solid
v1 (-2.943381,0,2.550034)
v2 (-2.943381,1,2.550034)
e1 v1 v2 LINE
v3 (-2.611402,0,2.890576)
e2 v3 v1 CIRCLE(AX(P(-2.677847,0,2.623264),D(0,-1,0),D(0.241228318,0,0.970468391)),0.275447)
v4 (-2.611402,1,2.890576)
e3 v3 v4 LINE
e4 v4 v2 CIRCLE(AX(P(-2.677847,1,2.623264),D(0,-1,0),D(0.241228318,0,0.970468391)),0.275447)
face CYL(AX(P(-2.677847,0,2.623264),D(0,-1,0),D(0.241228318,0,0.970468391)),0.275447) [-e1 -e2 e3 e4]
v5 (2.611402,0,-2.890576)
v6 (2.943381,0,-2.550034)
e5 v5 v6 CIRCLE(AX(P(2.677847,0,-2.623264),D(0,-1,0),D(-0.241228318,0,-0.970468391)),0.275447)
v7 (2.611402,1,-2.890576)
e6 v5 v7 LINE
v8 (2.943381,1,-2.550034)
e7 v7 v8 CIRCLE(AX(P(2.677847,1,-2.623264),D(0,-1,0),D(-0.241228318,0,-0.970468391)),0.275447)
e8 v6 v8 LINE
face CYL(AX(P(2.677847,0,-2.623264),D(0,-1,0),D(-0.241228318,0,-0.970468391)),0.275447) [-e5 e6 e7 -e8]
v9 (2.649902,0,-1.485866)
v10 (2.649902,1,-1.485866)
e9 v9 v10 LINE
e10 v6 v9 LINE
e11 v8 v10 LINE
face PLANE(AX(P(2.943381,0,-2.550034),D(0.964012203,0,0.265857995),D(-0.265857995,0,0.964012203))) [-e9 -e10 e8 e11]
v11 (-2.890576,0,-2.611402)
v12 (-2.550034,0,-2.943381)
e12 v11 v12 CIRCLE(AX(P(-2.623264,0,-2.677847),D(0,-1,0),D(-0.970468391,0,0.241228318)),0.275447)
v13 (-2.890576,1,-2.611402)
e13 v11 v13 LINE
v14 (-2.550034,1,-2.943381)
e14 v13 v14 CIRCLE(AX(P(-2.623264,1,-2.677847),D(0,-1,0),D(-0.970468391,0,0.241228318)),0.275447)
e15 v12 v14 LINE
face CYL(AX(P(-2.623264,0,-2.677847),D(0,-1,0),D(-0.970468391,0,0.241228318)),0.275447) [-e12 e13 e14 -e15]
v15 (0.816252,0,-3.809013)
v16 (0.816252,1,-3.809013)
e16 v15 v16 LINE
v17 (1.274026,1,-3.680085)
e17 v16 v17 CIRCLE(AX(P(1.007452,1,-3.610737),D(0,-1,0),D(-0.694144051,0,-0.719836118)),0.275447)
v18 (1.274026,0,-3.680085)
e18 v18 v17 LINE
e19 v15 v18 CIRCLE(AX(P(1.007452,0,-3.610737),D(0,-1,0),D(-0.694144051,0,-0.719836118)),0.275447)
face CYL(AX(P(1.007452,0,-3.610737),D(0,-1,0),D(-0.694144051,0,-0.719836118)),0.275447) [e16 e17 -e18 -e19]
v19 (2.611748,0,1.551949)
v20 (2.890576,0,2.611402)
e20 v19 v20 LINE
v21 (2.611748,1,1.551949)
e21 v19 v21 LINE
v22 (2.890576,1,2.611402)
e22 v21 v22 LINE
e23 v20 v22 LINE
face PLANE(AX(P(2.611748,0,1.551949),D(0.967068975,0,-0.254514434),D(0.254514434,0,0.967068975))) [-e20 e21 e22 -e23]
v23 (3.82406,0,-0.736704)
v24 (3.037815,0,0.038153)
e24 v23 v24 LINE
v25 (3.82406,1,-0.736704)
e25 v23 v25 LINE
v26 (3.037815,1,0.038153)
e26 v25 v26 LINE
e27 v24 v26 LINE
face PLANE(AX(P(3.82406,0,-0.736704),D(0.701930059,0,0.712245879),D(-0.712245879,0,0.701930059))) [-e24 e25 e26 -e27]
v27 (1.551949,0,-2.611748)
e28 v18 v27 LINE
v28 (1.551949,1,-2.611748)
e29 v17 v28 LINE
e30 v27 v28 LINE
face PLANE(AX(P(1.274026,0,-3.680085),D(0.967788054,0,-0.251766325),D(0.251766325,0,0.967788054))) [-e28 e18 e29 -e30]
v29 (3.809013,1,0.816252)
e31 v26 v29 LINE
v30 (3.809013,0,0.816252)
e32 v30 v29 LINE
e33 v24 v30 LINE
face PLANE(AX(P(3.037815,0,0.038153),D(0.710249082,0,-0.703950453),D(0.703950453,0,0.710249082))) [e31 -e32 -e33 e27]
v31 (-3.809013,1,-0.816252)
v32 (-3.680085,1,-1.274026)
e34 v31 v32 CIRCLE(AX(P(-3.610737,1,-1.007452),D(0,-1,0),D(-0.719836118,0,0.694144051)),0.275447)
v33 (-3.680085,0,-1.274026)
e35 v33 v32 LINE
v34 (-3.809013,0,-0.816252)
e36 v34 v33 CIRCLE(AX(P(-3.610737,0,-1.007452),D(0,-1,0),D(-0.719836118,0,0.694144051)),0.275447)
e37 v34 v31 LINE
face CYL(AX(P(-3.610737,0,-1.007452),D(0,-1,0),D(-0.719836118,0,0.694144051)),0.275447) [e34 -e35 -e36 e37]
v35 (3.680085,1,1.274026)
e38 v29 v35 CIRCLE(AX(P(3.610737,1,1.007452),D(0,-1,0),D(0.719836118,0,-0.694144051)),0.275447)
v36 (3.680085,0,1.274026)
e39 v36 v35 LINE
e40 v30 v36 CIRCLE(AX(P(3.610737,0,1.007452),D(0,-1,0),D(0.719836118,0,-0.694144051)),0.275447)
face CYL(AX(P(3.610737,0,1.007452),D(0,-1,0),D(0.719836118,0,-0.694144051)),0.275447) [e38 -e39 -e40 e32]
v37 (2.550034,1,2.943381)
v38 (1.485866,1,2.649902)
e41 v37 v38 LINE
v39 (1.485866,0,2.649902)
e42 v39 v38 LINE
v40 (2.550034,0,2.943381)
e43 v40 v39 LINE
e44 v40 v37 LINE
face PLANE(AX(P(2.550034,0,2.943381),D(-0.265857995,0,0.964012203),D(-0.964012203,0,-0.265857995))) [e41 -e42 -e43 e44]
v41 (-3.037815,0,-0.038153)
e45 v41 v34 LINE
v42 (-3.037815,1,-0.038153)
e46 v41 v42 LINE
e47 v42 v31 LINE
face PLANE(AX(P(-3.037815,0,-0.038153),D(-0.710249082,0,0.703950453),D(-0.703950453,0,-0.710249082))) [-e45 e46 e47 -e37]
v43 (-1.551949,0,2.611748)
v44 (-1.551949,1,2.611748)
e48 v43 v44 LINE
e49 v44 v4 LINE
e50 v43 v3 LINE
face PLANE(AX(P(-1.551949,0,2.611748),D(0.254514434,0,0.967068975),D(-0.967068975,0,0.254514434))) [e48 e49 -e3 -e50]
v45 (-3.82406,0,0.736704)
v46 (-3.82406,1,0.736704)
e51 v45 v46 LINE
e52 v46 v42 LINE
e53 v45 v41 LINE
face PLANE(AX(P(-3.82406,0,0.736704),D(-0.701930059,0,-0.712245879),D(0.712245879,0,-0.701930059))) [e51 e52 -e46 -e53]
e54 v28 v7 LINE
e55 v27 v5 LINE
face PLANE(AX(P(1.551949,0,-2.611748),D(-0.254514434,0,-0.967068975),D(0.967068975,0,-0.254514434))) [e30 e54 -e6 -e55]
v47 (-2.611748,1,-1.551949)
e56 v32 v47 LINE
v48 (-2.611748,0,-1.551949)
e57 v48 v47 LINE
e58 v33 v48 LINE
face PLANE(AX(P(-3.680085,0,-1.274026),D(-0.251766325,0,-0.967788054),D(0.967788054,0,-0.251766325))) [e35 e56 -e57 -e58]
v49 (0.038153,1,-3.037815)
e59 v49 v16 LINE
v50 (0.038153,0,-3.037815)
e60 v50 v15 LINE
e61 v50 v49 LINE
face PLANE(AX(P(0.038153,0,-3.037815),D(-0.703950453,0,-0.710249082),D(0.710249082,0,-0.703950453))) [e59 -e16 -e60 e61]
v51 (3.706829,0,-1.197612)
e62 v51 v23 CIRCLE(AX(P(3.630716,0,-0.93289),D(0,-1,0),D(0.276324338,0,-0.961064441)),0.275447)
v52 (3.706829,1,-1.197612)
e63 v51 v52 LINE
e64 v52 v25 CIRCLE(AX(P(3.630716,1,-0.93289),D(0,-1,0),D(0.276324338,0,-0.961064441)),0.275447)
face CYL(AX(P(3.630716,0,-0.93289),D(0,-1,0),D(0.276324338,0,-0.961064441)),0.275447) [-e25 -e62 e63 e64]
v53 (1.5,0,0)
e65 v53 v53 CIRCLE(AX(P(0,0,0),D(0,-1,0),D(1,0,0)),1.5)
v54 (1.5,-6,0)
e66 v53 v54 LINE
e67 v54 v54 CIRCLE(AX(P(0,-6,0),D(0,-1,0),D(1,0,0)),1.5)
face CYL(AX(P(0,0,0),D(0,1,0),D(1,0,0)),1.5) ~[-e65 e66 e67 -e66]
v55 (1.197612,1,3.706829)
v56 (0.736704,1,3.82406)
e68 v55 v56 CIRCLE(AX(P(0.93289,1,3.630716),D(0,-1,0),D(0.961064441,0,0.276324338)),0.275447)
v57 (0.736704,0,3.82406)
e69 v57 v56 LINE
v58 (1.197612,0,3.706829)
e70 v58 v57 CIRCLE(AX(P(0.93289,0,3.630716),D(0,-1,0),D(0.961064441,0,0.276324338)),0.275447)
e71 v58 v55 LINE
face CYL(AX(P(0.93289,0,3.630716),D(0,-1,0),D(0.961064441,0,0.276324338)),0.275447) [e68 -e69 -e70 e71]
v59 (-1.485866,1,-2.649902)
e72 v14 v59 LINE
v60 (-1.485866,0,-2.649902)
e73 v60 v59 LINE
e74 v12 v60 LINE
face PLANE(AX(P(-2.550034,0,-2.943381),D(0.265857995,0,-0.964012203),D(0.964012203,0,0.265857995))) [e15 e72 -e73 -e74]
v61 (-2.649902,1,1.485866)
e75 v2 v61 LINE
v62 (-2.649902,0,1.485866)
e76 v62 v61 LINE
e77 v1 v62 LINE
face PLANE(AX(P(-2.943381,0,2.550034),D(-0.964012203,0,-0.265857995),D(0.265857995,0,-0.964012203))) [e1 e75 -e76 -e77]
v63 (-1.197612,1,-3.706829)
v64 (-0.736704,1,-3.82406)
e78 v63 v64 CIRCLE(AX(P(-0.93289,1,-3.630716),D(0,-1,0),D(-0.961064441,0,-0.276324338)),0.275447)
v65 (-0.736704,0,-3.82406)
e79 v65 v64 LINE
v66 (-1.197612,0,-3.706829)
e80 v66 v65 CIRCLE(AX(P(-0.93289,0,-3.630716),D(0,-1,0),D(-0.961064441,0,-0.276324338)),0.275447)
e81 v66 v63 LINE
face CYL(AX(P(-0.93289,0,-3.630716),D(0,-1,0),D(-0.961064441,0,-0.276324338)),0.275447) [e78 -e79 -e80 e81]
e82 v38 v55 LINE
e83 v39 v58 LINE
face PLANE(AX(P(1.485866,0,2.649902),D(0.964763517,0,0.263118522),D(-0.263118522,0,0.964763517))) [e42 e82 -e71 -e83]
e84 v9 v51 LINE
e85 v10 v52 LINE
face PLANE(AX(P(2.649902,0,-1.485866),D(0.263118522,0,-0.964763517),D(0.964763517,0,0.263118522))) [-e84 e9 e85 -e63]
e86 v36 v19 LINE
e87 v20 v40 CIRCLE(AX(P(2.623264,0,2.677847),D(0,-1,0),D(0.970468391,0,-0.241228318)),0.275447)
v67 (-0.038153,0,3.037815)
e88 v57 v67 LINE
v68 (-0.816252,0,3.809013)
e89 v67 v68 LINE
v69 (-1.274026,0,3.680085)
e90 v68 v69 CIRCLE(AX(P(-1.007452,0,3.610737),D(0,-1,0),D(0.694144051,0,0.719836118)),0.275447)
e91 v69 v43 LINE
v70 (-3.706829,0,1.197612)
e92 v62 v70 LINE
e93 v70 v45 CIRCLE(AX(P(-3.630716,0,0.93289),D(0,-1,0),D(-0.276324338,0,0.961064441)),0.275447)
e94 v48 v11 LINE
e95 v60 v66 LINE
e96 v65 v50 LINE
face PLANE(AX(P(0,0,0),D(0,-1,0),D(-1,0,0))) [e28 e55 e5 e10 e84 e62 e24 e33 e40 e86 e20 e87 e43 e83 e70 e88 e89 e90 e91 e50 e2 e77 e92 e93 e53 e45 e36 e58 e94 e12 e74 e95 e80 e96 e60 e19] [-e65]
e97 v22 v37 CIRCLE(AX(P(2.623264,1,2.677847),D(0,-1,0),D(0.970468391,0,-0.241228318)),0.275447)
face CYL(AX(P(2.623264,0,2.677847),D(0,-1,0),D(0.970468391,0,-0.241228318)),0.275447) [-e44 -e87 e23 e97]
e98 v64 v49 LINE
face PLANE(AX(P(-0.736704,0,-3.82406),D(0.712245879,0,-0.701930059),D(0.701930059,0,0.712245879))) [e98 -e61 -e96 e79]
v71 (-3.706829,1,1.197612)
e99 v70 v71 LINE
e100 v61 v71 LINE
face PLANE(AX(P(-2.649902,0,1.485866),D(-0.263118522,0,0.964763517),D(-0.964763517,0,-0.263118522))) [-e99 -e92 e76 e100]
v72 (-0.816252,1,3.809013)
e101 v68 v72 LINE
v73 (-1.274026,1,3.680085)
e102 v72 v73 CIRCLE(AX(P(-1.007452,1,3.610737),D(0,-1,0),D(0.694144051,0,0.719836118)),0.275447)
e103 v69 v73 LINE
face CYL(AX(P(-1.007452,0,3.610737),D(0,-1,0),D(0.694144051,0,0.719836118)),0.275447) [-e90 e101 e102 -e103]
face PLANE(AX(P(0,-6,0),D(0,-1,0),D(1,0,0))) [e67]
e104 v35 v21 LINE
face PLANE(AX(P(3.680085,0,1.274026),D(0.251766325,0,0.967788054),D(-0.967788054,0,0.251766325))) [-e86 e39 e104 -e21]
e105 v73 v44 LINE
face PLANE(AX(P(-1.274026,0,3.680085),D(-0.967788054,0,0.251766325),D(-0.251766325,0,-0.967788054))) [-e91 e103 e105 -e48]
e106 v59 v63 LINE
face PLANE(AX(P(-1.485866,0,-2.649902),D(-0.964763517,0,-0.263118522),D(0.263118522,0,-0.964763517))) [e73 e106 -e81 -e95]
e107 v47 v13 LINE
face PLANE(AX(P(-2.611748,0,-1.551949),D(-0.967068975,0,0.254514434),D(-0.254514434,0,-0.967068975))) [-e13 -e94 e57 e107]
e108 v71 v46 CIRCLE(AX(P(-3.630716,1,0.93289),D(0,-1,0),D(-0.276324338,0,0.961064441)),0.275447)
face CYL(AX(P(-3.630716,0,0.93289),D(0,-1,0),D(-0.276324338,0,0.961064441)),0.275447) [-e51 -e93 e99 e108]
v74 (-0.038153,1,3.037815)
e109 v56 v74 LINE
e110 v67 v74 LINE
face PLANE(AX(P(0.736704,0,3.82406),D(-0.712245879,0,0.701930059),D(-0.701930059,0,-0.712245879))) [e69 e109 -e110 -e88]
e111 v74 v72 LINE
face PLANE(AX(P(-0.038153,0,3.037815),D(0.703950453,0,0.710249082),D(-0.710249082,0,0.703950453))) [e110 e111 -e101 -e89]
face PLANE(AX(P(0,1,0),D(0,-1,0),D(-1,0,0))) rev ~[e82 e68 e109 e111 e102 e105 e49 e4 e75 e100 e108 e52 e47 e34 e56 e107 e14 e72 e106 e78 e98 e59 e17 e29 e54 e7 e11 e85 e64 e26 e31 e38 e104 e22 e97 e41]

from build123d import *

# Parameters (mm, degrees)
BOSS_EXTRUDE1_DEPTH = 1
SKETCH2_R           = 1.5
BOSS_EXTRUDE2_DEPTH = 6


with BuildPart() as part:
    # Sketch1 → Boss-Extrude1 (new body)
    with BuildSketch(Plane(origin=(0, 0, 0), x_dir=(1, 0, 0), z_dir=(0, 1, 0))):
        with BuildLine():
            Line((0.038153439, 3.037815087), (0.816252158, 3.809013473))
            ThreePointArc((0.816252158, 3.809013473), (1.082123997, 3.875868882), (1.274025664, 3.680085251))
            Line((1.274025664, 3.680085251), (1.551949391, 2.611748318))
            Line((1.551949391, 2.611748318), (2.611401842, 2.890576352))
            ThreePointArc((2.611401842, 2.890576352), (2.875081312, 2.815538915), (2.943381216, 2.550034483))
            Line((2.943381216, 2.550034483), (2.649901757, 1.485865696))
            Line((2.649901757, 1.485865696), (3.70682851, 1.197611631))
            ThreePointArc((3.70682851, 1.197611631), (3.897662912, 1.00078757), (3.824060148, 0.736704035))
            Line((3.824060148, 0.736704035), (3.037815087, -0.038153439))
            Line((3.037815087, -0.038153439), (3.809013473, -0.816252158))
            ThreePointArc((3.809013473, -0.816252158), (3.875868882, -1.082123997), (3.680085251, -1.274025664))
            Line((3.680085251, -1.274025664), (2.611748318, -1.551949391))
            Line((2.611748318, -1.551949391), (2.890576352, -2.611401842))
            ThreePointArc((2.890576352, -2.611401842), (2.815538915, -2.875081312), (2.550034483, -2.943381216))
            Line((2.550034483, -2.943381216), (1.485865696, -2.649901757))
            Line((1.485865696, -2.649901757), (1.197611631, -3.70682851))
            ThreePointArc((1.197611631, -3.70682851), (1.00078757, -3.897662912), (0.736704035, -3.824060148))
            Line((0.736704035, -3.824060148), (-0.038153439, -3.037815087))
            Line((-0.038153439, -3.037815087), (-0.816252158, -3.809013473))
            ThreePointArc((-0.816252158, -3.809013473), (-1.082123997, -3.875868882), (-1.274025664, -3.680085251))
            Line((-1.274025664, -3.680085251), (-1.551949391, -2.611748318))
            Line((-1.551949391, -2.611748318), (-2.611401842, -2.890576352))
            ThreePointArc((-2.611401842, -2.890576352), (-2.875081312, -2.815538915), (-2.943381216, -2.550034483))
            Line((-2.943381216, -2.550034483), (-2.649901757, -1.485865696))
            Line((-2.649901757, -1.485865696), (-3.70682851, -1.197611631))
            ThreePointArc((-3.70682851, -1.197611631), (-3.897662912, -1.00078757), (-3.824060148, -0.736704035))
            Line((-3.824060148, -0.736704035), (-3.037815087, 0.038153439))
            Line((-3.037815087, 0.038153439), (-3.809013473, 0.816252158))
            ThreePointArc((-3.809013473, 0.816252158), (-3.875868882, 1.082123997), (-3.680085251, 1.274025664))
            Line((-3.680085251, 1.274025664), (-2.611748318, 1.551949391))
            Line((-2.611748318, 1.551949391), (-2.890576352, 2.611401842))
            ThreePointArc((-2.890576352, 2.611401842), (-2.815538915, 2.875081312), (-2.550034483, 2.943381216))
            Line((-2.550034483, 2.943381216), (-1.485865696, 2.649901757))
            Line((-1.485865696, 2.649901757), (-1.197611631, 3.70682851))
            ThreePointArc((-1.197611631, 3.70682851), (-1.00078757, 3.897662912), (-0.736704035, 3.824060148))
            Line((-0.736704035, 3.824060148), (0.038153439, 3.037815087))
        make_face()
    extrude(amount=BOSS_EXTRUDE1_DEPTH)

    # Sketch2 → Boss-Extrude2 (add)
    with BuildSketch(Plane.XZ):
        Circle(SKETCH2_R)
    extrude(amount=BOSS_EXTRUDE2_DEPTH)


solid = part.part
